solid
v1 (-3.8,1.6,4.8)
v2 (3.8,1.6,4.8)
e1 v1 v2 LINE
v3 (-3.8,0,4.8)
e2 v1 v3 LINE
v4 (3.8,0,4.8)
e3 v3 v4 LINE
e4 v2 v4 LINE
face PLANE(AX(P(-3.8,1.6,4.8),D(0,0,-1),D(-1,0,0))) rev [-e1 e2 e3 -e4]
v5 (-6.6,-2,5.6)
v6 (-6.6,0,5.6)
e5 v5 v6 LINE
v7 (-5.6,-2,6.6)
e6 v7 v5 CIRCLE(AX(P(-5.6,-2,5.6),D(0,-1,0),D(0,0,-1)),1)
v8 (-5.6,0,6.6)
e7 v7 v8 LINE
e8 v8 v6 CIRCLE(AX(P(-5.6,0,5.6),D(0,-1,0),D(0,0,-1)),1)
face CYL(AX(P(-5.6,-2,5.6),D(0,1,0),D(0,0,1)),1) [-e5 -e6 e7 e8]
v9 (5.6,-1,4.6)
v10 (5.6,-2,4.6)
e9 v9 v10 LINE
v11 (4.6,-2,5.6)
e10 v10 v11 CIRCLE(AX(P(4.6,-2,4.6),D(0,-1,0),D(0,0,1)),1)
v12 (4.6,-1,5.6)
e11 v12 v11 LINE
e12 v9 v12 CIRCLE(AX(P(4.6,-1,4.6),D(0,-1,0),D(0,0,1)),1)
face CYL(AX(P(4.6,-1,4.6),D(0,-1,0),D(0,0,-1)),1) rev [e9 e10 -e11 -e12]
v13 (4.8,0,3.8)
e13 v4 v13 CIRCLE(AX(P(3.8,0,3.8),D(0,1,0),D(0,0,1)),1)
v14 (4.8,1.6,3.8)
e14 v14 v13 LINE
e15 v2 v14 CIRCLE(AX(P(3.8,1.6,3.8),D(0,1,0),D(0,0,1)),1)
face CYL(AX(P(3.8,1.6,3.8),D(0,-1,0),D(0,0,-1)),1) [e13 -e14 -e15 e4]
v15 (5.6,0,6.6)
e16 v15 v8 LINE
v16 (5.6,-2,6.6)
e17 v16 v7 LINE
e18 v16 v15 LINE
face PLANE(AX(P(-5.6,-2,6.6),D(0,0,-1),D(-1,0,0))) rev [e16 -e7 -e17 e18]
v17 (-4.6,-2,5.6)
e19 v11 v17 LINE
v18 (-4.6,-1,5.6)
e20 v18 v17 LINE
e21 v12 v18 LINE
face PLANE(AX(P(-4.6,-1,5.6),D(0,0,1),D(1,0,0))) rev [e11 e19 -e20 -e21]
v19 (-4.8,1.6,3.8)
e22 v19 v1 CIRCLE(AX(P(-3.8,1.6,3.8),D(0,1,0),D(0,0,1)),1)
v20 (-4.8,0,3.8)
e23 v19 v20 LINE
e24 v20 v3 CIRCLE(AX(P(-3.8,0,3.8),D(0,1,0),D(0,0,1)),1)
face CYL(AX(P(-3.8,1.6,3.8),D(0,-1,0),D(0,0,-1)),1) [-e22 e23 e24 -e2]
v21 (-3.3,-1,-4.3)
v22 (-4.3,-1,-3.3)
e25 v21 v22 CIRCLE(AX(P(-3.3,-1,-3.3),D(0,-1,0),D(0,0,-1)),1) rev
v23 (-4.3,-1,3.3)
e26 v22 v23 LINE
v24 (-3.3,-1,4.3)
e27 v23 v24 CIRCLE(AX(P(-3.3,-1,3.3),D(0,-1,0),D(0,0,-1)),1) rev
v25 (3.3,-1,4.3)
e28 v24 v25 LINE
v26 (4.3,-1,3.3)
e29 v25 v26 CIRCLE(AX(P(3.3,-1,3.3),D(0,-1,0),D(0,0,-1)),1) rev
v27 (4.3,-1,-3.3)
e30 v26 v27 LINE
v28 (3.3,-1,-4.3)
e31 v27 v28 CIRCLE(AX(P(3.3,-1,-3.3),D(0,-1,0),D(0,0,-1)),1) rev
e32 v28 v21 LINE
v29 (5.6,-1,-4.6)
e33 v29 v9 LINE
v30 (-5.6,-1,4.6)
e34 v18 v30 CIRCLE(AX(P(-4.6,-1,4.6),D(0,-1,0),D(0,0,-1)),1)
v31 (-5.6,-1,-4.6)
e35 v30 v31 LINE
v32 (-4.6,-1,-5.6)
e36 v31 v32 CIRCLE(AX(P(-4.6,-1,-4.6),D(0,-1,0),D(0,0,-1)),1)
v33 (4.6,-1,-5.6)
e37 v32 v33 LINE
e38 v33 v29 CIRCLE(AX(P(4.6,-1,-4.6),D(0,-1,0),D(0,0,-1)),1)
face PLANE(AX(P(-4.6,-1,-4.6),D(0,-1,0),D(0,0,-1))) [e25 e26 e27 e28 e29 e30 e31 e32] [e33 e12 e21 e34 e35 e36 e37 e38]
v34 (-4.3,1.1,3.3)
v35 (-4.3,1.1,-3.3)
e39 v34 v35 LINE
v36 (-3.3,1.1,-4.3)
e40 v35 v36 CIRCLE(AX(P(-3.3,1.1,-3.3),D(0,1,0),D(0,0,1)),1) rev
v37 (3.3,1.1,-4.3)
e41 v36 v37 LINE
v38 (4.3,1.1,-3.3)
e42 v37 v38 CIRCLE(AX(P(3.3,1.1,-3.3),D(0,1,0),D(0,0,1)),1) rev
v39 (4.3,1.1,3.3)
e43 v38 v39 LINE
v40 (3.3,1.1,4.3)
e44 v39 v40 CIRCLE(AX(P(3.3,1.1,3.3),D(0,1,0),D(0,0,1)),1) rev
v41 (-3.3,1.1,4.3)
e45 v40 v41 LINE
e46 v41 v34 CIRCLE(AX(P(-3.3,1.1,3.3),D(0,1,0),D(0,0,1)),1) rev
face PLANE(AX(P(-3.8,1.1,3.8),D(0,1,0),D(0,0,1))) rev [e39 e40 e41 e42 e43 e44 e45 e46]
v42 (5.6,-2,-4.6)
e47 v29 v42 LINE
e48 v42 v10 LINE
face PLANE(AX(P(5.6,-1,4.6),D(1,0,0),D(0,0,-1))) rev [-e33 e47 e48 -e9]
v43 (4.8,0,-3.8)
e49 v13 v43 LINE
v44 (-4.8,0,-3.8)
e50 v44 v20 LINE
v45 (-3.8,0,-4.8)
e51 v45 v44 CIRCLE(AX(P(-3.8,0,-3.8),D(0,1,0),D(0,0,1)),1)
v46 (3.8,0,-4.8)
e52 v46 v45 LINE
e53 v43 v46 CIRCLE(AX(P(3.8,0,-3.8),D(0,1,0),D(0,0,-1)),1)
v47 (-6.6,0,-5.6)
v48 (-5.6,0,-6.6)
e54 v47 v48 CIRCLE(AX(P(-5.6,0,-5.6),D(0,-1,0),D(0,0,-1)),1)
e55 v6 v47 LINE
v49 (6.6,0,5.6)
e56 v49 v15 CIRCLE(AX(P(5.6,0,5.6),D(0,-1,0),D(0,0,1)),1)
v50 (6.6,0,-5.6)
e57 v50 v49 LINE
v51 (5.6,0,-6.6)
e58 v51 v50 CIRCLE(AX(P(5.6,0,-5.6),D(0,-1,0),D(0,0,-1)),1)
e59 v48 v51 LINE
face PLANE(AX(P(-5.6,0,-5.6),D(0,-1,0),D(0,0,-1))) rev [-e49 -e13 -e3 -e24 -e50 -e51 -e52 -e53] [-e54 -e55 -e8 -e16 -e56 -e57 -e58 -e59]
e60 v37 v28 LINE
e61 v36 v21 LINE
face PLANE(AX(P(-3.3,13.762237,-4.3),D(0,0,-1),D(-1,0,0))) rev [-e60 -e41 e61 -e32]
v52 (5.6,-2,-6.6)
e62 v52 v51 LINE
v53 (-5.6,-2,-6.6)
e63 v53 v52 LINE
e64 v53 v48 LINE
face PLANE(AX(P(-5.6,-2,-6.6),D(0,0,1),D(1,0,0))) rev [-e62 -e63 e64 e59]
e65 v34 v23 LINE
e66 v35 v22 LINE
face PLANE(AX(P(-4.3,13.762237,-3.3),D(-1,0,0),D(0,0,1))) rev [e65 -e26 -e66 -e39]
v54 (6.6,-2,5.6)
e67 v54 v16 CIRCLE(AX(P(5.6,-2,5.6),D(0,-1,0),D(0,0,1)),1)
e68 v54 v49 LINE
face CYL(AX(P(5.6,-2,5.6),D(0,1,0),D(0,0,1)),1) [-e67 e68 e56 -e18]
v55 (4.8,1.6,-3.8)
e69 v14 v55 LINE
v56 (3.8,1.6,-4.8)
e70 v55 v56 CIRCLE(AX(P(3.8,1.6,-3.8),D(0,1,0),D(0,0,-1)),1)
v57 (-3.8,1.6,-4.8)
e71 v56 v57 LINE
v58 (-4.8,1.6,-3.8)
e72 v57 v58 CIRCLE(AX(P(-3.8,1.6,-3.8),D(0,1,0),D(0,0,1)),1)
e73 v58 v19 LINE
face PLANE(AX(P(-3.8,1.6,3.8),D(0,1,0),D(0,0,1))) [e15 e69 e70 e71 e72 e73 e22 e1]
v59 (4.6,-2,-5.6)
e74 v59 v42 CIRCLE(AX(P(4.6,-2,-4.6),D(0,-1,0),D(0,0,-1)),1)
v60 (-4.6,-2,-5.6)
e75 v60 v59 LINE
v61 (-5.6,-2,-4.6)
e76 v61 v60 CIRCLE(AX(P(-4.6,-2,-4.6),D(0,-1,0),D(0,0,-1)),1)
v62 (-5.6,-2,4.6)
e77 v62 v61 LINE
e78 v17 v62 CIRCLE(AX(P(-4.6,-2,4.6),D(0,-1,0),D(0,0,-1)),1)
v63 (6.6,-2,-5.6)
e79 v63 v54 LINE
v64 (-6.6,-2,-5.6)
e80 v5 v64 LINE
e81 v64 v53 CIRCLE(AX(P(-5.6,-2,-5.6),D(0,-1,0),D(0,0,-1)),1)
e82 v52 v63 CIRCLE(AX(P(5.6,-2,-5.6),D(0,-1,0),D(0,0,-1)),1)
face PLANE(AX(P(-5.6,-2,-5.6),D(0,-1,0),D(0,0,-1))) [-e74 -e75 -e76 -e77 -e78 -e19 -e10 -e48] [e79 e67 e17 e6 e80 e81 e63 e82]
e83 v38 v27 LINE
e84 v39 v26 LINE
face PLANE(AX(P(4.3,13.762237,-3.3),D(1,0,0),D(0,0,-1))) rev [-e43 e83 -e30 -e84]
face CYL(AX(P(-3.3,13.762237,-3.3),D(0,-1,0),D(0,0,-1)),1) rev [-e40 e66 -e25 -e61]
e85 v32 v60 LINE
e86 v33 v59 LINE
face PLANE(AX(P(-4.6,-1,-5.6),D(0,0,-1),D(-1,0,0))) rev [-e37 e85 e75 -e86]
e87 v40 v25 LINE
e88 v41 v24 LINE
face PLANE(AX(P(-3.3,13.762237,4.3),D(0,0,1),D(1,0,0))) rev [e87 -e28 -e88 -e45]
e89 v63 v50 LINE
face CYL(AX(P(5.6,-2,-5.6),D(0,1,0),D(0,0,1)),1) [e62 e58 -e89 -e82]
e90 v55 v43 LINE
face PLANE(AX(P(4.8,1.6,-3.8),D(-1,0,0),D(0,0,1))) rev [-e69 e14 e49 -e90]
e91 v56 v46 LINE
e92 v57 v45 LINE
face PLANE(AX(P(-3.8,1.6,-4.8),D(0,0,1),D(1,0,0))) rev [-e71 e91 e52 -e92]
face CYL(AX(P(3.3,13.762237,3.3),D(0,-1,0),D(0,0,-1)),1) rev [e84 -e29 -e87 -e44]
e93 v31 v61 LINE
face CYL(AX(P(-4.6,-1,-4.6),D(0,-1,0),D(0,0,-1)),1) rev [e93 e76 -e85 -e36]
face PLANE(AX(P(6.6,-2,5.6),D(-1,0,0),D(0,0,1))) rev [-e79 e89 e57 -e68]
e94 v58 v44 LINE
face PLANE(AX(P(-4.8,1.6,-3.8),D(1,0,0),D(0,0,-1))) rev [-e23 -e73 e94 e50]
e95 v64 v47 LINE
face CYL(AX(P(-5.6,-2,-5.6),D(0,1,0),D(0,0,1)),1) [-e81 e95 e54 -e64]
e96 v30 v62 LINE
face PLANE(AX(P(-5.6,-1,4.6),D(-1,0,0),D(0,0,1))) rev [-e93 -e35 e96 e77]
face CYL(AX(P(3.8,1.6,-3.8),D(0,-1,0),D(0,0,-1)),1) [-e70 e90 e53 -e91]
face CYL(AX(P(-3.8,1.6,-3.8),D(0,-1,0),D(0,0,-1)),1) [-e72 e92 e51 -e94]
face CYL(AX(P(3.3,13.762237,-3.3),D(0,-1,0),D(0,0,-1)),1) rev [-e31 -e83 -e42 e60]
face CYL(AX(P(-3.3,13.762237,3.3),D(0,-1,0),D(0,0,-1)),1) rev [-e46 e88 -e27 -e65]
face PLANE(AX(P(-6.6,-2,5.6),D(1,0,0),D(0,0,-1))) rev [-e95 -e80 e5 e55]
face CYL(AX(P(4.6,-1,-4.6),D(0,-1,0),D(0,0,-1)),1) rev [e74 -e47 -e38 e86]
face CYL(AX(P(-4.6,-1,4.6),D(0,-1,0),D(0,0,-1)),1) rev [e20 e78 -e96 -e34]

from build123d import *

# Parameters (mm, degrees)
EXTRUDE_1_DEPTH     = 1.6
EXTRUDE_2_DEPTH     = 2
CUT_EXTRUDE_1_DEPTH = 3.1
CUT_EXTRUDE_2_DEPTH = 1


with BuildPart() as part:
    # 草图1 → 凸台-拉伸1 (new body)
    with BuildSketch(Plane(origin=(0, 0, 0), x_dir=(1, 0, 0), z_dir=(0, 1, 0))):
        with BuildLine():
            Line((-3.8, 4.8), (3.8, 4.8))
            ThreePointArc((3.8, 4.8), (4.507106781, 4.507106781), (4.8, 3.8))
            Line((4.8, 3.8), (4.8, -3.8))
            ThreePointArc((4.8, -3.8), (4.507106781, -4.507106781), (3.8, -4.8))
            Line((3.8, -4.8), (-3.8, -4.8))
            ThreePointArc((-3.8, -4.8), (-4.507106781, -4.507106781), (-4.8, -3.8))
            Line((-4.8, -3.8), (-4.8, 3.8))
            ThreePointArc((-4.8, 3.8), (-4.507106781, 4.507106781), (-3.8, 4.8))
        make_face()
    extrude(amount=EXTRUDE_1_DEPTH)

    # 草图2 → 凸台-拉伸2 (add)
    with BuildSketch(Plane.XZ):
        with BuildLine():
            Line((-5.6, 6.6), (5.6, 6.6))
            ThreePointArc((5.6, 6.6), (6.307106781, 6.307106781), (6.6, 5.6))
            Line((6.6, 5.6), (6.6, -5.6))
            ThreePointArc((6.6, -5.6), (6.307106781, -6.307106781), (5.6, -6.6))
            Line((5.6, -6.6), (-5.6, -6.6))
            ThreePointArc((-5.6, -6.6), (-6.307106781, -6.307106781), (-6.6, -5.6))
            Line((-6.6, -5.6), (-6.6, 5.6))
            ThreePointArc((-6.6, 5.6), (-6.307106781, 6.307106781), (-5.6, 6.6))
        make_face()
    extrude(amount=EXTRUDE_2_DEPTH)

    # 草图3 → 切除-拉伸1 (cut)
    with BuildSketch(Plane.XZ.offset(2)):
        with BuildLine():
            Line((-3.3, -4.3), (3.3, -4.3))
            ThreePointArc((3.3, -4.3), (4.007106781, -4.007106781), (4.3, -3.3))
            Line((4.3, -3.3), (4.3, 3.3))
            ThreePointArc((4.3, 3.3), (4.007106781, 4.007106781), (3.3, 4.3))
            Line((3.3, 4.3), (-3.3, 4.3))
            ThreePointArc((-3.3, 4.3), (-4.007106781, 4.007106781), (-4.3, 3.3))
            Line((-4.3, 3.3), (-4.3, -3.3))
            ThreePointArc((-4.3, -3.3), (-4.007106781, -4.007106781), (-3.3, -4.3))
        make_face()
    extrude(amount=-CUT_EXTRUDE_1_DEPTH, mode=Mode.SUBTRACT)

    # 草图4 → 切除-拉伸2 (cut)
    with BuildSketch(Plane.XZ.offset(2)):
        with BuildLine():
            Line((-4.6, 5.6), (4.6, 5.6))
            ThreePointArc((4.6, 5.6), (5.307106781, 5.307106781), (5.6, 4.6))
            Line((5.6, 4.6), (5.6, -4.6))
            ThreePointArc((5.6, -4.6), (5.307106781, -5.307106781), (4.6, -5.6))
            Line((4.6, -5.6), (-4.6, -5.6))
            ThreePointArc((-4.6, -5.6), (-5.307106781, -5.307106781), (-5.6, -4.6))
            Line((-5.6, -4.6), (-5.6, 4.6))
            ThreePointArc((-5.6, 4.6), (-5.307106781, 5.307106781), (-4.6, 5.6))
        make_face()
    extrude(amount=-CUT_EXTRUDE_2_DEPTH, mode=Mode.SUBTRACT)


solid = part.part
